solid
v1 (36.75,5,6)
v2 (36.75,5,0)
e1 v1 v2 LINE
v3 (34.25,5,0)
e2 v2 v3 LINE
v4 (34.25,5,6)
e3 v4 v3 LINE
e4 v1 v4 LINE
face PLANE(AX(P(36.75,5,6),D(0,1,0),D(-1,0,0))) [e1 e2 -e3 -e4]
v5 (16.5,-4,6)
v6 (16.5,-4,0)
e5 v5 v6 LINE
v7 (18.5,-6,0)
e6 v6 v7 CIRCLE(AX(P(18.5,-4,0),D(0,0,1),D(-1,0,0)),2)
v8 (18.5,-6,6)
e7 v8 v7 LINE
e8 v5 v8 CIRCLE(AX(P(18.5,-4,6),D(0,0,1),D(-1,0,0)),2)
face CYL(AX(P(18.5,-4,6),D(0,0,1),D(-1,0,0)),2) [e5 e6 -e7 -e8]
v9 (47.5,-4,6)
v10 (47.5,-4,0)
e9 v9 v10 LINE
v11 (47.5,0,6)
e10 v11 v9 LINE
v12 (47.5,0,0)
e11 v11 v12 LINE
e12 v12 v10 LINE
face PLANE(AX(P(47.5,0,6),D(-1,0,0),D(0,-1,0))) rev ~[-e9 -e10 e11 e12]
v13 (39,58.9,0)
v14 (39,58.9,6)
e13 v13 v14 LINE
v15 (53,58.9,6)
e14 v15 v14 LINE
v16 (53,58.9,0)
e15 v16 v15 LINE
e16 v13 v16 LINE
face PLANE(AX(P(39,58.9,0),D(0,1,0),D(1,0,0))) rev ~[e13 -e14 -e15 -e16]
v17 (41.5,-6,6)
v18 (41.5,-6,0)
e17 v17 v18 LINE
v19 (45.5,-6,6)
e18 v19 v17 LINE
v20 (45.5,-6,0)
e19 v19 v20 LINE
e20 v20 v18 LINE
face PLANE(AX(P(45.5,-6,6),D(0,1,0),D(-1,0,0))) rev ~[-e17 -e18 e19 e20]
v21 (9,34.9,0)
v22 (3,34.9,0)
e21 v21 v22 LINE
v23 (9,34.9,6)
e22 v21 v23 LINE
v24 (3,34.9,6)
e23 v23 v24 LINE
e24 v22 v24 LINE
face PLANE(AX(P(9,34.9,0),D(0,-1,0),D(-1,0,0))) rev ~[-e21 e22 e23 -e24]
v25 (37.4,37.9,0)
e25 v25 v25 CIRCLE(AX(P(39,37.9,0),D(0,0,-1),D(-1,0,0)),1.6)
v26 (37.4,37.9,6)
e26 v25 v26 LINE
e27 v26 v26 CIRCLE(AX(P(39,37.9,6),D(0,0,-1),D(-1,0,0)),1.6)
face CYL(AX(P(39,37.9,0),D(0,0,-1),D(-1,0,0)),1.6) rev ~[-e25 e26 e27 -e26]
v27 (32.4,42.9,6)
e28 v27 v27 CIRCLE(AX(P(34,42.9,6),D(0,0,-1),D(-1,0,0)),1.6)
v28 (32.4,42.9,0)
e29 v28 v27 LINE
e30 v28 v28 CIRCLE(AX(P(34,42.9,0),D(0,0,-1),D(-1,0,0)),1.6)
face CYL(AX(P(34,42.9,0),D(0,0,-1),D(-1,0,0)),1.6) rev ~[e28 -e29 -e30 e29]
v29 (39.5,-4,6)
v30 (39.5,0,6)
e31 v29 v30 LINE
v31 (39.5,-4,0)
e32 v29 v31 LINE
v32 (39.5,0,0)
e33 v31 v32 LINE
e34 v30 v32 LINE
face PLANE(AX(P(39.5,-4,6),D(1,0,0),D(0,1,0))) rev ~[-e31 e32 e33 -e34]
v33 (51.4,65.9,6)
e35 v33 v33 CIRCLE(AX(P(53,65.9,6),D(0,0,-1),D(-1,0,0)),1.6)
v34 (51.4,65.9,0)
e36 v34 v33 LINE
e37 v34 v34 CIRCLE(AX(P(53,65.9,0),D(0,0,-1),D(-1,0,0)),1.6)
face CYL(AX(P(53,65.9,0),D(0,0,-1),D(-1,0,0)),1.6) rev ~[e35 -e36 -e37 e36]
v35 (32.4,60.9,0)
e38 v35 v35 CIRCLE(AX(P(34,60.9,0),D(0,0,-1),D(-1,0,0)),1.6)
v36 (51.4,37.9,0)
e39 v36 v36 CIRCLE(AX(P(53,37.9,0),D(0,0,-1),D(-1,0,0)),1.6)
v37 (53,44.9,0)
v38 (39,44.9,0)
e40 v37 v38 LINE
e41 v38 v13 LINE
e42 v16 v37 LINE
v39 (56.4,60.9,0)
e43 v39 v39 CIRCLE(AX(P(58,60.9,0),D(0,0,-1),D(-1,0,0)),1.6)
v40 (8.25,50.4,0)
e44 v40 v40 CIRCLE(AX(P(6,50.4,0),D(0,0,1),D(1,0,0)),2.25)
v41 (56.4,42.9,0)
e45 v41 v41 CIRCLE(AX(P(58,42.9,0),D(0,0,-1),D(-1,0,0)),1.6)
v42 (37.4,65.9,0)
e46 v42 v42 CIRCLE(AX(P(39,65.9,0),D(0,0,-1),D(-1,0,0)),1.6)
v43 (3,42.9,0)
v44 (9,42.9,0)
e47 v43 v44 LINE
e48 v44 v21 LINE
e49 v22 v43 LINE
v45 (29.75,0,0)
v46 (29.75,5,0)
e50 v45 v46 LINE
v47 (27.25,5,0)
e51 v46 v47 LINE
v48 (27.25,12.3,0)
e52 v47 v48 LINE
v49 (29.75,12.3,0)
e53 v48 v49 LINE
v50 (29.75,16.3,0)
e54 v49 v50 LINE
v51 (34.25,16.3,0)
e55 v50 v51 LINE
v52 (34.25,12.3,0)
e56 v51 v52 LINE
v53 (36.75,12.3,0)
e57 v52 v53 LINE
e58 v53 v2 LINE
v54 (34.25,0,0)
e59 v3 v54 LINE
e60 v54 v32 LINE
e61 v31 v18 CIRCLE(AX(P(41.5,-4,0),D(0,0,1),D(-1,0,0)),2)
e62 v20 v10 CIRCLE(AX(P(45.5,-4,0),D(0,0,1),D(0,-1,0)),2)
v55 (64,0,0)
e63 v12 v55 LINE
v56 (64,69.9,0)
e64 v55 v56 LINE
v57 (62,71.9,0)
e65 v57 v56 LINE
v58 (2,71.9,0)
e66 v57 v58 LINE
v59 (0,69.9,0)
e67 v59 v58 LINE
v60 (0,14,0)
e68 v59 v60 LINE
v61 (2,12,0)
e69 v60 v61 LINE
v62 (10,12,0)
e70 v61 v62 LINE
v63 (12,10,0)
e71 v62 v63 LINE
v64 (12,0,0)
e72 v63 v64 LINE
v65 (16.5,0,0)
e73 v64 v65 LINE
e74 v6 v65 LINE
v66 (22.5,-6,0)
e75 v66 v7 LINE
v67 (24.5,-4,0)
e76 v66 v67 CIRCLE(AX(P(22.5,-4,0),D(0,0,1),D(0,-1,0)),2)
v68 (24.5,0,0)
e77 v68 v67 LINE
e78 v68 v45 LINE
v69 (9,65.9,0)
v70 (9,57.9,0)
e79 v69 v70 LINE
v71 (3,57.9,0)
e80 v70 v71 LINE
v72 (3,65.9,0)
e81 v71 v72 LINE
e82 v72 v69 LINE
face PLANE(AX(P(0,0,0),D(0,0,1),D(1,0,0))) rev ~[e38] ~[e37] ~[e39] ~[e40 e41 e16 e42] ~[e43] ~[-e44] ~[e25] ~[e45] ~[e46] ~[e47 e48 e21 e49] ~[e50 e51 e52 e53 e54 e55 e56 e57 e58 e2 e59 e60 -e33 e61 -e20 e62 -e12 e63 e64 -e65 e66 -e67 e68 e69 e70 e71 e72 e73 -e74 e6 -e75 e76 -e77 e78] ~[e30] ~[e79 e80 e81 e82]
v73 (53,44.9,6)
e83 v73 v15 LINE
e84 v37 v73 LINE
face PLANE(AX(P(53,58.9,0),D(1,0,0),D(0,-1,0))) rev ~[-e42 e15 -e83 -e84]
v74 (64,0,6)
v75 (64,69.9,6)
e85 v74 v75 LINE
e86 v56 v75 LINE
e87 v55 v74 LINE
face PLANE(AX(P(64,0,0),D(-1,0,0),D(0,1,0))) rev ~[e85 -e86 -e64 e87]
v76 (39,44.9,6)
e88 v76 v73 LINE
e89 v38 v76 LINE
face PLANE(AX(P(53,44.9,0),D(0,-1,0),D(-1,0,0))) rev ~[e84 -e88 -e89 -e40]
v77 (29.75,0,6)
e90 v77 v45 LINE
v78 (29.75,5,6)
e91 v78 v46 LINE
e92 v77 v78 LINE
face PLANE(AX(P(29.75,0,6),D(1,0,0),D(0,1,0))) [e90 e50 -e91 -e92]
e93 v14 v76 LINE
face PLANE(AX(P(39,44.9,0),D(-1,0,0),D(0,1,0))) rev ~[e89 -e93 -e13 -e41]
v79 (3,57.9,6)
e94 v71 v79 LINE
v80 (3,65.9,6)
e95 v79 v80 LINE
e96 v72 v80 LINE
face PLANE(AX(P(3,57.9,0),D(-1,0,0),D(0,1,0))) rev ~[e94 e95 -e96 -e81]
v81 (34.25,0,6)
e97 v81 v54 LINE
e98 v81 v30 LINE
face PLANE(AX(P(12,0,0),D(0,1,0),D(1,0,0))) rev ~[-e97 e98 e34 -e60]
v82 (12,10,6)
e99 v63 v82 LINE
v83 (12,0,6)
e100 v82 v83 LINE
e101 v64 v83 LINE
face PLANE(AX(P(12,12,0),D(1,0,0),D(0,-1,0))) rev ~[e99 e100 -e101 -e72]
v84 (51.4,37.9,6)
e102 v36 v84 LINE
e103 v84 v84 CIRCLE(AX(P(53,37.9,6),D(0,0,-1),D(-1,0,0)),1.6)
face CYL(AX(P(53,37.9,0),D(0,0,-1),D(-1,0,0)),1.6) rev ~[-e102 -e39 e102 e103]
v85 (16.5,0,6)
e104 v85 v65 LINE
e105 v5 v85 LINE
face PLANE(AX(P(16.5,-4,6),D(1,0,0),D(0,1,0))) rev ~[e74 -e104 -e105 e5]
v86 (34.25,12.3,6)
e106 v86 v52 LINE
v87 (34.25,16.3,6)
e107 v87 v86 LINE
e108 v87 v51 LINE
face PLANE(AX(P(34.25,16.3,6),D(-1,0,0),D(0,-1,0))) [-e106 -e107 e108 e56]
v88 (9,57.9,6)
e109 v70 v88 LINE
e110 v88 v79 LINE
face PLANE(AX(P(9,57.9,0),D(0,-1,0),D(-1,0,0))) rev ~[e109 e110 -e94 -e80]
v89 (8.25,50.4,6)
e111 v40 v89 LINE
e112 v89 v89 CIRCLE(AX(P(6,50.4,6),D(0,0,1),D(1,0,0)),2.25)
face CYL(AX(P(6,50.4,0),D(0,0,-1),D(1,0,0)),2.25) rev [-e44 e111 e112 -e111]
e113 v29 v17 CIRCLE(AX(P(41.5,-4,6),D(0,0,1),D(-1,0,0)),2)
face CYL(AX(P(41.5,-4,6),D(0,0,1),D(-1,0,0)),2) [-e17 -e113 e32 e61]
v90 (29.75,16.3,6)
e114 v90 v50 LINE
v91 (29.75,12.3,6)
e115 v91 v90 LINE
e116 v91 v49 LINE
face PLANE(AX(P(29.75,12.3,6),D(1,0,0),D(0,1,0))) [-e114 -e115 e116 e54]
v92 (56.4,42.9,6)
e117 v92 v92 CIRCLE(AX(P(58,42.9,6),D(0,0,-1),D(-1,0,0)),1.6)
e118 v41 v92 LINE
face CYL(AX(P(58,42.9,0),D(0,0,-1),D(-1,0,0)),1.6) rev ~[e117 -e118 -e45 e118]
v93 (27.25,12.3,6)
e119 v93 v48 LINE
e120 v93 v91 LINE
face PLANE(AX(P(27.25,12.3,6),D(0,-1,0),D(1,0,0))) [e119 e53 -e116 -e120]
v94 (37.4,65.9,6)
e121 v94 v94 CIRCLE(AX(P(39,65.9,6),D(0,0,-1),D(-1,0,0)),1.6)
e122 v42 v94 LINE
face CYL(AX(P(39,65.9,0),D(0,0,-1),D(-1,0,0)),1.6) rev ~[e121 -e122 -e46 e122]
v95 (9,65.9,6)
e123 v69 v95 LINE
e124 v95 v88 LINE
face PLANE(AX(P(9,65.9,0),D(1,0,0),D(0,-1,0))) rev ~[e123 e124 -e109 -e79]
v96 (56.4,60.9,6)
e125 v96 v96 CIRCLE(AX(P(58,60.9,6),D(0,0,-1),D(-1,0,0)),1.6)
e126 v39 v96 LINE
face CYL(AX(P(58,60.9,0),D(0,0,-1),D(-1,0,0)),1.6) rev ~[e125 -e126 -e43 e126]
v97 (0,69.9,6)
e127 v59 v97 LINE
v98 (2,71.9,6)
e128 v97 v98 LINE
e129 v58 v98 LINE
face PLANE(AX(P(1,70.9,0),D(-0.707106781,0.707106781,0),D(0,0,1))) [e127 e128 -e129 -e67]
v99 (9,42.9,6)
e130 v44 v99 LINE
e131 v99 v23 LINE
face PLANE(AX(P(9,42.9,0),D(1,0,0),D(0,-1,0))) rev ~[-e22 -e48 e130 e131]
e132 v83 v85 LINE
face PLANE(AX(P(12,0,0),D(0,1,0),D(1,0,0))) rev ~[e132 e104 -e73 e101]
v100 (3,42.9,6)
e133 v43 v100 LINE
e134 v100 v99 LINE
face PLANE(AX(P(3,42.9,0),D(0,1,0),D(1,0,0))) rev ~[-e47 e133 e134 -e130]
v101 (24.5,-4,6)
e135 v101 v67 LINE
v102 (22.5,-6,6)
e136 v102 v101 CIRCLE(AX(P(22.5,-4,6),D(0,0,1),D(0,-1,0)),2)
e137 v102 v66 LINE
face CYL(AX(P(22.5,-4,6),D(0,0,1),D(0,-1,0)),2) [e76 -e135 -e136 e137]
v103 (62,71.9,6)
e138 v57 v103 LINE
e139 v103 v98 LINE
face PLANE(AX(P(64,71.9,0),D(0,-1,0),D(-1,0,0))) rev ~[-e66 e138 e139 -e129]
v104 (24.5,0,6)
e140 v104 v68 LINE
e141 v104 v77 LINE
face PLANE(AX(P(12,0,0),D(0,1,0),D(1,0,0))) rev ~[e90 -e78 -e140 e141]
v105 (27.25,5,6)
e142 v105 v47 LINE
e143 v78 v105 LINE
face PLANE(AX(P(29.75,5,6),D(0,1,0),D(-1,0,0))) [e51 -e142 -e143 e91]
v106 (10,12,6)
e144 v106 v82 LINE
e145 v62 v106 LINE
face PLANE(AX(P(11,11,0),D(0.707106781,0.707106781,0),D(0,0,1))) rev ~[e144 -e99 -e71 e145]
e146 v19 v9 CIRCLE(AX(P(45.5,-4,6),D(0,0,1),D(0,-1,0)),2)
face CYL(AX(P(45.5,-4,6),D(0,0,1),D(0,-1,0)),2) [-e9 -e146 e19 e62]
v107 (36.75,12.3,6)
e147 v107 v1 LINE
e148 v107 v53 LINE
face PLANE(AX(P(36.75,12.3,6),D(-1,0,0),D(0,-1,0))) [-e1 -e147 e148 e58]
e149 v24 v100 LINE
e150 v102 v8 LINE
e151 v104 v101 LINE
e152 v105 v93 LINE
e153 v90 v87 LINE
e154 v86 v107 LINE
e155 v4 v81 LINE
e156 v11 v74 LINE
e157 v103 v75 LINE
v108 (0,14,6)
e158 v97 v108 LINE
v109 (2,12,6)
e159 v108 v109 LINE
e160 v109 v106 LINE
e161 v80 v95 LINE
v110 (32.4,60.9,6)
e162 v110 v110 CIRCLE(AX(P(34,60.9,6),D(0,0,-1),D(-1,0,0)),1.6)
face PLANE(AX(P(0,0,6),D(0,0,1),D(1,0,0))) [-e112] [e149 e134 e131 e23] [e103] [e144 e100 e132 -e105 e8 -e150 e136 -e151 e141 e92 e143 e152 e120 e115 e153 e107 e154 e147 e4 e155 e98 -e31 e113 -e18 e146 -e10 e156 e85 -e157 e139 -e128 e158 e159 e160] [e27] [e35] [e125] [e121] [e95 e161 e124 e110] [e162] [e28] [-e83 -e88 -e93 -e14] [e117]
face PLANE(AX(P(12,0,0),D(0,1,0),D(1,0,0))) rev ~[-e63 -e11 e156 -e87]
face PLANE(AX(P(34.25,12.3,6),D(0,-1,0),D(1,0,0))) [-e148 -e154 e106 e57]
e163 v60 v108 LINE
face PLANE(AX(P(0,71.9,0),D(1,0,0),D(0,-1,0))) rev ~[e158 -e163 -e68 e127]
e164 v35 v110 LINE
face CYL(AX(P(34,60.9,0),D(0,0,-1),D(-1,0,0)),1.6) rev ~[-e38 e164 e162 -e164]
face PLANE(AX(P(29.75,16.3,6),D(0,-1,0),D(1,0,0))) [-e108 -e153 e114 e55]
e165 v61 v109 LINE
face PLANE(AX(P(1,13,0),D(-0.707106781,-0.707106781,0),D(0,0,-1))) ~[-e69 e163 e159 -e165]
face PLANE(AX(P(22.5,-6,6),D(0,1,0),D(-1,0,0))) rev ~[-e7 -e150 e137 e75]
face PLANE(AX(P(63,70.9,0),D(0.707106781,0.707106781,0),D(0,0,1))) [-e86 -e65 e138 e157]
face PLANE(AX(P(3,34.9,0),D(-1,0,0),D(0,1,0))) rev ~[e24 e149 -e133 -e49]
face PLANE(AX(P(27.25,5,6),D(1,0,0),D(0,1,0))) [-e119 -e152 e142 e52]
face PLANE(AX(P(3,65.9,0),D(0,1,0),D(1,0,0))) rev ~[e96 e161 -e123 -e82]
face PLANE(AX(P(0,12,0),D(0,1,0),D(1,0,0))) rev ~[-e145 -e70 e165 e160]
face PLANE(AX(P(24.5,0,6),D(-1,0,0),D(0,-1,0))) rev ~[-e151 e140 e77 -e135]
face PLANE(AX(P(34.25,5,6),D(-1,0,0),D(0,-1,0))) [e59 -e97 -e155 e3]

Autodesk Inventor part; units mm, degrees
ref_plane "YZ Plane" through (0, 0, 0) normal (1, 0, 0) x (0, 1, 0)
ref_plane "XZ Plane" through (0, 0, 0) normal (0, 1, 0) x (-1, 0, 0)
ref_plane "XY Plane" through (0, 0, 0) normal (0, 0, 1) x (1, 0, 0)
sketch "Sketch1" plane through (0, 0, 0) normal (0, 0, 1) x (1, 0, 0)
  line L0 (12, 0) -> (64, 0)
  line L1 (64, 0) -> (64, 71.9)
  line L2 (64, 71.9) -> (0, 71.9)
  line L3 (0, 71.9) -> (0, 12)
  line L4 (3, 65.9) -> (9, 65.9)
  line L5 (9, 65.9) -> (9, 57.9)
  line L6 (9, 57.9) -> (3, 57.9)
  line L7 (3, 57.9) -> (3, 65.9)
  line L8 (3, 42.9) -> (9, 42.9)
  line L9 (9, 42.9) -> (9, 34.9)
  line L10 (9, 34.9) -> (3, 34.9)
  line L11 (3, 34.9) -> (3, 42.9)
  line L12 (0, 12) -> (12, 12)
  line L13 (12, 12) -> (12, 0)
  line L14 (3, 57.9) -> (9, 42.9) construction
  line L15 (3, 42.9) -> (9, 57.9) construction
  circle A0 centre (6, 50.4) radius 2.25
  point P0 (0, 0)
  dimension "d1" = 6
  dimension "d2" = 8
  dimension "d3" = 8
  dimension "d4" = 15
  dimension "d5" = 3
  dimension "d6" = 71.9
  dimension "d7" = 4.5
  dimension "d8" = 64
  dimension "d9" = 12
  dimension "d10" = 52
  dimension "d11" = 6
extrude "Extrusion1" add sketch "Sketch1" along normal blind 6
sketch "Sketch2" plane through (0, 0, 6) normal (0, 0, 1) x (1, 0, 0)
  line L0 (64, 0) -> (64, 71.9) projected
  line L1 (12, 0) -> (64, 0) projected
  line L2 (29.75, 16.3) -> (34.25, 16.3)
  line L3 (34.25, 0) -> (29.75, 0)
  line L4 (36.75, 12.3) -> (36.75, 5)
  line L5 (27.25, 5) -> (27.25, 12.3)
  line L6 (29.75, 0) -> (29.75, 5)
  line L7 (29.75, 12.3) -> (29.75, 16.3)
  line L8 (27.25, 12.3) -> (29.75, 12.3)
  line L9 (34.25, 12.3) -> (36.75, 12.3)
  line L10 (34.25, 16.3) -> (34.25, 12.3)
  line L11 (34.25, 5) -> (34.25, 0)
  line L12 (36.75, 5) -> (34.25, 5)
  line L13 (29.75, 5) -> (27.25, 5)
  point P0 (0, 0)
  point P1 (32, 16.3)
  dimension "d14" = 2.5
  dimension "d15" = 2.5
  dimension "d16" = 4.5
  dimension "d17" = 5
  dimension "d18" = 7.3
  dimension "d19" = 4
  dimension "d20" = 32
extrude "Extrusion2" cut sketch "Sketch2" against normal blind 6
sketch "Sketch3" plane through (0, 0, 6) normal (0, 0, 1) x (1, 0, 0)
  line L0 (34.25, 0) -> (64, 0) projected
  line L1 (12, 0) -> (29.75, 0) projected
  line L2 (29.75, 16.3) -> (34.25, 16.3) projected
  line L3 (16.5, 0) -> (24.5, 0)
  line L4 (24.5, 0) -> (24.5, -4)
  line L5 (22.5, -6) -> (18.5, -6)
  line L6 (16.5, -4) -> (16.5, 0)
  line L7 (39.5, 0) -> (47.5, 0)
  line L8 (47.5, 0) -> (47.5, -4)
  line L9 (45.5, -6) -> (41.5, -6)
  line L10 (39.5, -4) -> (39.5, 0)
  arc A0 (16.5, -4) -> (18.5, -6) centre (18.5, -4) ccw
  arc A1 (22.5, -6) -> (24.5, -4) centre (22.5, -4) ccw
  arc A2 (39.5, -4) -> (41.5, -6) centre (41.5, -4) ccw
  arc A3 (45.5, -6) -> (47.5, -4) centre (45.5, -4) ccw
  point P0 (0, 0)
  point P1 (32, 16.3)
  dimension "d23" = 2
  dimension "d24" = 8
  dimension "d25" = 8
  dimension "d26" = 6
  dimension "d27" = 15
  dimension "d28" = 7.5
extrude "Extrusion3" add sketch "Sketch3" against normal blind 6
chamfer "Chamfer1" distance 2 angle 45 2 edges at (0, 71.9, 3) (64, 71.9, 3)
sketch "Sketch4" plane through (0, 0, 0) normal (0, 0, -1) x (-1, 0, 0)
  line L0 (-64, 69.9) -> (-64, 0) projected
  line L1 (-2, 71.9) -> (-62, 71.9) projected
  line L2 (-39, 58.9) -> (-53, 58.9)
  line L3 (-53, 58.9) -> (-53, 44.9)
  line L4 (-53, 44.9) -> (-39, 44.9)
  line L5 (-39, 44.9) -> (-39, 58.9)
  line L6 (-34, 65.9) -> (-58, 65.9) construction
  line L7 (-58, 65.9) -> (-58, 37.9) construction
  line L8 (-58, 37.9) -> (-34, 37.9) construction
  line L9 (-34, 37.9) -> (-34, 65.9) construction
  circle A0 centre (-58, 60.9) radius 1.6
  circle A1 centre (-58, 42.9) radius 1.6
  circle A2 centre (-53, 37.9) radius 1.6
  circle A3 centre (-39, 37.9) radius 1.6
  circle A4 centre (-34, 42.9) radius 1.6
  circle A5 centre (-34, 60.9) radius 1.6
  circle A6 centre (-39, 65.9) radius 1.6
  circle A7 centre (-53, 65.9) radius 1.6
  point P0 (0, 0)
  point P1 (-58, 51.9)
  point P2 (-53, 51.9)
  point P3 (-46, 37.9)
  point P4 (-46, 44.9)
  dimension "d34" = 3.2
  dimension "d35" = 5
  dimension "d36" = 5
  dimension "d37" = 5
  dimension "d38" = 5
  dimension "d39" = 5
  dimension "d40" = 5
  dimension "d41" = 5
  dimension "d42" = 5
  dimension "d43" = 14
  dimension "d44" = 14
  dimension "d45" = 5
  dimension "d46" = 7
  dimension "d47" = 6
  dimension "d48" = 6
extrude "Extrusion4" cut sketch "Sketch4" against normal through all
chamfer "Chamfer2" distance 2 angle 45 2 edges at (0, 12, 3) (12, 12, 3)
equation "\"d36\" = d35"
equation "\"d37\" = d35"
equation "\"d38\" = d35"
equation "\"d39\" = d35"
equation "\"d40\" = d35"
equation "\"d41\" = d35"
equation "\"d42\" = d35"
properties part number "x_motor_cable_mount"
